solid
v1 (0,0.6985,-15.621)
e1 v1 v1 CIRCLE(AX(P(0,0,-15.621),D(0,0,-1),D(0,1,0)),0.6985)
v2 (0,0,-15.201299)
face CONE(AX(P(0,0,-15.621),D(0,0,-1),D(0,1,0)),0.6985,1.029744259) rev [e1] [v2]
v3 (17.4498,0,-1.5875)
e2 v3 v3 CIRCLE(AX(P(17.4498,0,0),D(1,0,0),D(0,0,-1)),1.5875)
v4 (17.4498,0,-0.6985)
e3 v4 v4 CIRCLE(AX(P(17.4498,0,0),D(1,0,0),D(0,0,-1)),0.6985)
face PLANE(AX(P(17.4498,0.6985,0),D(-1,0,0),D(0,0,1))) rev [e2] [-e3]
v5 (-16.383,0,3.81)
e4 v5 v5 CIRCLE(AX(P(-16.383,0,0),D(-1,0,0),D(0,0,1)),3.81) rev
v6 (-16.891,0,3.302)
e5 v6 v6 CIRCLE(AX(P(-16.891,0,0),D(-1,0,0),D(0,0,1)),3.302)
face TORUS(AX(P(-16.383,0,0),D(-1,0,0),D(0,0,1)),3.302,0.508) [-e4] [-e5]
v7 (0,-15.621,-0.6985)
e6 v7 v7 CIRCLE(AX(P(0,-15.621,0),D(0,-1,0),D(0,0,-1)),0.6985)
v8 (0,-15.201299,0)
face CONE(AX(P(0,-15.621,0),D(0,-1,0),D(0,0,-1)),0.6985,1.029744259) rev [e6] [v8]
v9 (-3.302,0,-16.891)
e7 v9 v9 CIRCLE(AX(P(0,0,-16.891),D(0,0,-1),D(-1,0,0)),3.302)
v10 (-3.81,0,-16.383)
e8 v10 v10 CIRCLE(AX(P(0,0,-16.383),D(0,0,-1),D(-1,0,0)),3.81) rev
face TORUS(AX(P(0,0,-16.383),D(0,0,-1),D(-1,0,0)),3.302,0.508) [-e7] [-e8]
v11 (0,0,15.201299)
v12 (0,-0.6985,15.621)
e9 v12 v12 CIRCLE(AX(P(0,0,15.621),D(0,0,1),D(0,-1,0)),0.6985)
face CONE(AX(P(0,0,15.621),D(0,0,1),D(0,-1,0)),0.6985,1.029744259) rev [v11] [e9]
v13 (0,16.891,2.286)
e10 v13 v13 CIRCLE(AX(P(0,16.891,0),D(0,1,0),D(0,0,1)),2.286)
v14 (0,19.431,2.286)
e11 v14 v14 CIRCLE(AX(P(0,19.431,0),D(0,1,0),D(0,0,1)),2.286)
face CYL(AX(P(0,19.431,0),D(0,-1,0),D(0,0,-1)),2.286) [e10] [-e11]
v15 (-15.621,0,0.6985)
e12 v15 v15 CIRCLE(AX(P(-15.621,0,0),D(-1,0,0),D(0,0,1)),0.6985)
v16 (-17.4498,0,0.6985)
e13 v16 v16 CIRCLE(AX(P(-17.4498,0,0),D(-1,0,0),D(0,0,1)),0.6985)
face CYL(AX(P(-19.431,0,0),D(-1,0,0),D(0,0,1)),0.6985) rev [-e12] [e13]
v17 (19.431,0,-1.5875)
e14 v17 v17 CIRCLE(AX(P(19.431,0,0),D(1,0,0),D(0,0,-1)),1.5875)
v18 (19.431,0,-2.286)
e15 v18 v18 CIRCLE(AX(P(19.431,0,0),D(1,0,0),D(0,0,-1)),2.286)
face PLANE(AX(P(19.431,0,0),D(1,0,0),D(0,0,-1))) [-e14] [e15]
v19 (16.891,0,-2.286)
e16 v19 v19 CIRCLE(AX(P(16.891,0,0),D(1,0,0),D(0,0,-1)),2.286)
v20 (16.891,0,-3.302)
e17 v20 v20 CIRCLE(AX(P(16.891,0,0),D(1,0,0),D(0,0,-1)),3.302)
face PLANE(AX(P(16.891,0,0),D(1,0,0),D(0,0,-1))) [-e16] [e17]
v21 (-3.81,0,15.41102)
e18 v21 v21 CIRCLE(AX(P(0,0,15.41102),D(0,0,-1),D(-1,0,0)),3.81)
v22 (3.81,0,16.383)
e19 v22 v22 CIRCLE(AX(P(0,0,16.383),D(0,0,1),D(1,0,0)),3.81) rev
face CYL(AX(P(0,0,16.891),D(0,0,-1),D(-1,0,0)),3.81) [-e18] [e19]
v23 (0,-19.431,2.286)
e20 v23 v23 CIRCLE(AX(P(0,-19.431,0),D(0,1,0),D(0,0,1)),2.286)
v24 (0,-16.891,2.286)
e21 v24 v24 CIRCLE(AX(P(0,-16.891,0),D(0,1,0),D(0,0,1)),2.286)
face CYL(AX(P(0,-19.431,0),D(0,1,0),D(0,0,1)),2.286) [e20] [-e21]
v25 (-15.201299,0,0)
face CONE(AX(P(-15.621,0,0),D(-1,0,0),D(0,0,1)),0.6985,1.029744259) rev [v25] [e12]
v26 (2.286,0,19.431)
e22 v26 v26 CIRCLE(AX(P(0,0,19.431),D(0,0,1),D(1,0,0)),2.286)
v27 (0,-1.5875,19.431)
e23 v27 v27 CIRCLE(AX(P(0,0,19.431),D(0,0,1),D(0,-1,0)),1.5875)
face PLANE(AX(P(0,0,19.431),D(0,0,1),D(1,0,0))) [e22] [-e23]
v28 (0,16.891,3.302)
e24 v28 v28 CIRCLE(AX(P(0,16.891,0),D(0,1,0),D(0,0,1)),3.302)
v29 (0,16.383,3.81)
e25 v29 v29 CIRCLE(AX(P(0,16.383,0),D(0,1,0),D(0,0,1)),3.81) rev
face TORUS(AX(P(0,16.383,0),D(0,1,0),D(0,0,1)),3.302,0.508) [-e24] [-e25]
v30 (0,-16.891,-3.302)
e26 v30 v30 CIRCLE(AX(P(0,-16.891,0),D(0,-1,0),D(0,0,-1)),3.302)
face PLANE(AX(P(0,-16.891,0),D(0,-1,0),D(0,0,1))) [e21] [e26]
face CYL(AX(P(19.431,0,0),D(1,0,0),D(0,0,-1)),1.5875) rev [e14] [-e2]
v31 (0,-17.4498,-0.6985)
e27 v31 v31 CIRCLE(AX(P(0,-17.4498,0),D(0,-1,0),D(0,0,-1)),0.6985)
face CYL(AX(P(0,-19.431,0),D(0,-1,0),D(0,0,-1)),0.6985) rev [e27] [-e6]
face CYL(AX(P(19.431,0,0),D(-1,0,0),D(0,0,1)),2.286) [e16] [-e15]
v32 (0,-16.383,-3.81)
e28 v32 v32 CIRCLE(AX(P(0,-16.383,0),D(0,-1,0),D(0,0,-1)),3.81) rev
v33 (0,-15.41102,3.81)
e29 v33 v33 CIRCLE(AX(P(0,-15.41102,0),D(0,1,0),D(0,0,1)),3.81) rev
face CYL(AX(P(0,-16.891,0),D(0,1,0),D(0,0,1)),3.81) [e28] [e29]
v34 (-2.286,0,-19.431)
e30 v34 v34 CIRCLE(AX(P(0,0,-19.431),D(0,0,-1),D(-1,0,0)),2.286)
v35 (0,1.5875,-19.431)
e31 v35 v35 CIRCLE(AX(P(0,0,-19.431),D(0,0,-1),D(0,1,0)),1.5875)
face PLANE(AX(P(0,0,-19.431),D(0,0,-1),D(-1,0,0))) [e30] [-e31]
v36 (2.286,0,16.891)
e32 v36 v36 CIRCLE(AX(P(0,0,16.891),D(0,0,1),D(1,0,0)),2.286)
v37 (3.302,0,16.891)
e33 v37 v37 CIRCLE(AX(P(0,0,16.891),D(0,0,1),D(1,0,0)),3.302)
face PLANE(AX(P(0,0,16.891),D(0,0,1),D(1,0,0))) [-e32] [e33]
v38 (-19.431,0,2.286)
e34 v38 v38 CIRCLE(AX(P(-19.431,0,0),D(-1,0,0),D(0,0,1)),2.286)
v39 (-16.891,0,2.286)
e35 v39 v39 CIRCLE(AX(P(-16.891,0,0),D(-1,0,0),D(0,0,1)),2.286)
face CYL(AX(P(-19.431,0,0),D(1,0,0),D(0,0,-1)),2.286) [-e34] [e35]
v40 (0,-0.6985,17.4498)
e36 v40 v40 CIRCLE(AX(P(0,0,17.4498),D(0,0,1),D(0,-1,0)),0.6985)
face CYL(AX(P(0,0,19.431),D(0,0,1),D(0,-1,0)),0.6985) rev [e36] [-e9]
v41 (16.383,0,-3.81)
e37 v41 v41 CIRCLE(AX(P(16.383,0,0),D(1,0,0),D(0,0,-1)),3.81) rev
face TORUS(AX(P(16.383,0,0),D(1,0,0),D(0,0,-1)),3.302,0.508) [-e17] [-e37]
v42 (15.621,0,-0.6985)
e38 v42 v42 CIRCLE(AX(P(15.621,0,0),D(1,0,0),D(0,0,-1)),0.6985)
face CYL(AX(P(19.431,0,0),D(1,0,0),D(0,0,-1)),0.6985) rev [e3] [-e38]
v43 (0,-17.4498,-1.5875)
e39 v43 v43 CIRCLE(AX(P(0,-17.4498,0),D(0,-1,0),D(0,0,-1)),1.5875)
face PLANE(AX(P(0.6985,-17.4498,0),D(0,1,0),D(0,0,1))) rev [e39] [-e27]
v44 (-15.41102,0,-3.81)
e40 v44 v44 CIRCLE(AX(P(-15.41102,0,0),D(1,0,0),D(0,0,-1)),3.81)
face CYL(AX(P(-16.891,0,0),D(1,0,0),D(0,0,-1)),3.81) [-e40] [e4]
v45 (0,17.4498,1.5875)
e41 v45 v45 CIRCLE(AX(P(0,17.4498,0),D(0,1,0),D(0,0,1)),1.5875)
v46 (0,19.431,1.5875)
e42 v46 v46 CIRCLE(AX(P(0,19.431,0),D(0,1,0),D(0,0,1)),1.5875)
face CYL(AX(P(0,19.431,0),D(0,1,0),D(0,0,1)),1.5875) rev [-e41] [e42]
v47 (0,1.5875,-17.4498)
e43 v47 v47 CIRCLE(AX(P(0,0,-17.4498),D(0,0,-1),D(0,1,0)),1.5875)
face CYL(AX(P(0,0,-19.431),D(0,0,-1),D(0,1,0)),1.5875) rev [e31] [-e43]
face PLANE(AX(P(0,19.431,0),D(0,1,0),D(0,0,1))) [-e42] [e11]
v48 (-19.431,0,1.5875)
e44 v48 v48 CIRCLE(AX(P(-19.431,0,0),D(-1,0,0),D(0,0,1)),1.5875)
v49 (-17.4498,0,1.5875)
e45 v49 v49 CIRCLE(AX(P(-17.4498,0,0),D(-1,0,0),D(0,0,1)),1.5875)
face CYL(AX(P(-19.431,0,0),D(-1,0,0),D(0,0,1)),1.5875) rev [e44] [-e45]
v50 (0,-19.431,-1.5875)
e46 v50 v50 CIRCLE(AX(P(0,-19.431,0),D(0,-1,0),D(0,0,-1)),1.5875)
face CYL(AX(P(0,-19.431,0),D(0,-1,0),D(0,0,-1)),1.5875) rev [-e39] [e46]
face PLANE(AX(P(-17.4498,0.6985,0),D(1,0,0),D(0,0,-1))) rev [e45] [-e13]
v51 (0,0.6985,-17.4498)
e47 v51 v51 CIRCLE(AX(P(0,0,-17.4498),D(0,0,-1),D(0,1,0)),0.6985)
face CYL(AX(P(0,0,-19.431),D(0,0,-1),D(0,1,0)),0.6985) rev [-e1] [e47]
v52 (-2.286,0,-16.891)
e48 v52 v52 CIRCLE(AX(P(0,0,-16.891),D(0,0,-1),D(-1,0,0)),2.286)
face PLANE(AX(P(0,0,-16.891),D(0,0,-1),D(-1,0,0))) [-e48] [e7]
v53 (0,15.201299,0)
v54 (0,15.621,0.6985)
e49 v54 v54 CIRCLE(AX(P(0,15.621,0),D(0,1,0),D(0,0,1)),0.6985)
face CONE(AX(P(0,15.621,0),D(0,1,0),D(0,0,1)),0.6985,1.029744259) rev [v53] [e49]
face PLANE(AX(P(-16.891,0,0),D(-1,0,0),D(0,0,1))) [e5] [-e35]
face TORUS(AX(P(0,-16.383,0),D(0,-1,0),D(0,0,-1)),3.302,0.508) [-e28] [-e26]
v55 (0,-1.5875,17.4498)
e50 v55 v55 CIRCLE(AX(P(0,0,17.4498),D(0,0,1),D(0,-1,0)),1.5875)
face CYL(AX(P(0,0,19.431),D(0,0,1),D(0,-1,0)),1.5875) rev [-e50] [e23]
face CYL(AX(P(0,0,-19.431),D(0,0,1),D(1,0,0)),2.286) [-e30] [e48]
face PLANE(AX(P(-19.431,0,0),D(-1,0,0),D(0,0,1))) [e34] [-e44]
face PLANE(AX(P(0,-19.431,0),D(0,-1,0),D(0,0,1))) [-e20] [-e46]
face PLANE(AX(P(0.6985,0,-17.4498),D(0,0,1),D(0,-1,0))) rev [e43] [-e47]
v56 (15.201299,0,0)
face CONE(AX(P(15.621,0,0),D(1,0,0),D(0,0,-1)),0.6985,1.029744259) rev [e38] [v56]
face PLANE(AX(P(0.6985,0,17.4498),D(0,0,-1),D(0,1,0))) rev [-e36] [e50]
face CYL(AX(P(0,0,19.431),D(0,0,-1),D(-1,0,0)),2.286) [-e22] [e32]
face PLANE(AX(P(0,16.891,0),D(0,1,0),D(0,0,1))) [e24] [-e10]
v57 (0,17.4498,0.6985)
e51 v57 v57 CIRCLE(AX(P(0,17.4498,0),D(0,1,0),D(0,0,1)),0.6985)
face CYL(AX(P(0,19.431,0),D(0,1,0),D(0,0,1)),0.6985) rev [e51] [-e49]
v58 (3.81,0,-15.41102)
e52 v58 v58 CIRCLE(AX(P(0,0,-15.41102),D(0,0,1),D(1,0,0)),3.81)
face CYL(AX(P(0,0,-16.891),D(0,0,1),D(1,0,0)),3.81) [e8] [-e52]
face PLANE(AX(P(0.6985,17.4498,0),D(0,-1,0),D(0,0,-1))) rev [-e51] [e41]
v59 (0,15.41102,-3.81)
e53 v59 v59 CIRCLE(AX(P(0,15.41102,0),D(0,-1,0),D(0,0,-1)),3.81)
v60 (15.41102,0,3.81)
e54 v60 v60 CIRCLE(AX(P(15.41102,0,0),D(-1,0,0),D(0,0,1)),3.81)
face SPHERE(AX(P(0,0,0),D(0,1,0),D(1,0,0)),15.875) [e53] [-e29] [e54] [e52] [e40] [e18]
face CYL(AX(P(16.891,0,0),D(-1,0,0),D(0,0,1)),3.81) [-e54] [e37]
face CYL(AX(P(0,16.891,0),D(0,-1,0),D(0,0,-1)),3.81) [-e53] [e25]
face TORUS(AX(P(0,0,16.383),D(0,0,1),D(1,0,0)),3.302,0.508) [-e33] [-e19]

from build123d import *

# Parameters (mm, degrees)
SKETCH6_R           = 3.81
BOSS_EXTRUDE1_DEPTH = 1.016
SKETCH9_R           = 2.286
BOSS_EXTRUDE3_DEPTH = 2.54
CIRPATTERN1_COUNT   = 4
SKETCH10_R          = 3.81
BOSS_EXTRUDE4_DEPTH = 1.016
SKETCH11_R          = 2.286
BOSS_EXTRUDE5_DEPTH = 2.54
CIRPATTERN2_COUNT   = 4
FILLET1_R           = 0.508


with BuildPart() as part:
    # Sketch1 → Revolve1 (revolve)
    with BuildSketch(Plane.XY):
        with BuildLine():
            Line((0, 15.875), (0, -15.875))
            ThreePointArc((0, -15.875), (-15.875, 0), (0, 15.875))
        make_face()
    revolve(axis=Axis((0, 15.875, 0), (0, -1, 0)))

    # Sketch6 → Boss-Extrude1 (add, symmetric)
    with BuildSketch(Plane.XY.offset(15.875)):
        with Locations(Location((0, 0, 0), (0, 0, 180))):
            Circle(SKETCH6_R)
    boss_extrude1 = extrude(amount=BOSS_EXTRUDE1_DEPTH, both=True)

    # Sketch9 → Boss-Extrude3 (add)
    with BuildSketch(Plane.XY.offset(16.891)):
        Circle(SKETCH9_R)
    boss_extrude3 = extrude(amount=BOSS_EXTRUDE3_DEPTH)

    # CirPattern1: Boss-Extrude1, Boss-Extrude3 ×4 about axis
    cirpattern1_axis = Axis((0, 0, 0), (0, 1, 0))
    add([boss_extrude1.rotate(cirpattern1_axis, i * 360 / CIRPATTERN1_COUNT) for i in range(1, CIRPATTERN1_COUNT)])
    add([boss_extrude3.rotate(cirpattern1_axis, i * 360 / CIRPATTERN1_COUNT) for i in range(1, CIRPATTERN1_COUNT)])

    # Sketch10 → Boss-Extrude4 (add, symmetric)
    with BuildSketch(Plane(origin=(0, 15.875, 0), x_dir=(1, 0, 0), z_dir=(0, 1, 0))):
        with Locations(Location((0, 0, 0), (0, 0, 90))):
            Circle(SKETCH10_R)
    boss_extrude4 = extrude(amount=BOSS_EXTRUDE4_DEPTH, both=True)

    # Sketch11 → Boss-Extrude5 (add)
    with BuildSketch(Plane(origin=(0, 16.891, 0), x_dir=(1, 0, 0), z_dir=(0, 1, 0))):
        with Locations(Location((0, 0, 0), (0, 0, 270))):
            Circle(SKETCH11_R)
    boss_extrude5 = extrude(amount=BOSS_EXTRUDE5_DEPTH)

    # Mirror1: Boss-Extrude4, Boss-Extrude5 across plane
    add(boss_extrude4.mirror(Plane.ZX))
    add(boss_extrude5.mirror(Plane.ZX))

    # Sketch13 → CBORE for _00 Binding Head Machine Screw (revolve, cut)
    with BuildSketch(Plane(origin=(0, 19.431, 0), x_dir=(0, 0, 1), z_dir=(1, 0, 0))):
        Polygon((0, 0), (0, 4.229701142), (0.6985, 3.81), (0.6985, 1.9812), (1.5875, 1.9812), (1.5875, 0), align=None)
    cbore_for_00_binding_head_machine_screw = revolve(axis=Axis((0, 25.781, 0), (0, -1, 0)), mode=Mode.SUBTRACT)

    # CirPattern2: CBORE for _00 Binding Head Machine Screw ×4 about axis
    cirpattern2_axis = Axis((0, 0, 0), (1, 0, 0))
    for i in range(1, CIRPATTERN2_COUNT):
        add(cbore_for_00_binding_head_machine_screw.rotate(cirpattern2_axis, i * 360 / CIRPATTERN2_COUNT), mode=Mode.SUBTRACT)

    # Sketch19 → CBORE for _00 Binding Head Machine S 2 (revolve, cut)
    with BuildSketch(Plane(origin=(19.431, 0, 0), x_dir=(0, 0, -1), z_dir=(0, 1, 0))):
        Polygon((0, 0), (0, 4.229701142), (0.6985, 3.81), (0.6985, 1.9812), (1.5875, 1.9812), (1.5875, 0), align=None)
    cbore_for_00_binding_head_machine_s_2 = revolve(axis=Axis((25.781, 0, 0), (-1, 0, 0)), mode=Mode.SUBTRACT)

    # Mirror2: CBORE for _00 Binding Head Machine S 2 across plane
    add(cbore_for_00_binding_head_machine_s_2.mirror(Plane(origin=(0, 0, 0), x_dir=(0, 0, 1), z_dir=(1, 0, 0))), mode=Mode.SUBTRACT)

    # Fillet1
    fillet1_edges = [part.edges().sort_by_distance(p)[0] for p in [
        (-16.891, 0, 3.81),
        (-3.81, 0, -16.891),
        (16.891, 0, -3.81),
        (0, 16.891, 3.81),
        (0, -16.891, 3.81),
        (3.81, 0, 16.891),
    ]]
    fillet(fillet1_edges, radius=FILLET1_R)


solid = part.part
